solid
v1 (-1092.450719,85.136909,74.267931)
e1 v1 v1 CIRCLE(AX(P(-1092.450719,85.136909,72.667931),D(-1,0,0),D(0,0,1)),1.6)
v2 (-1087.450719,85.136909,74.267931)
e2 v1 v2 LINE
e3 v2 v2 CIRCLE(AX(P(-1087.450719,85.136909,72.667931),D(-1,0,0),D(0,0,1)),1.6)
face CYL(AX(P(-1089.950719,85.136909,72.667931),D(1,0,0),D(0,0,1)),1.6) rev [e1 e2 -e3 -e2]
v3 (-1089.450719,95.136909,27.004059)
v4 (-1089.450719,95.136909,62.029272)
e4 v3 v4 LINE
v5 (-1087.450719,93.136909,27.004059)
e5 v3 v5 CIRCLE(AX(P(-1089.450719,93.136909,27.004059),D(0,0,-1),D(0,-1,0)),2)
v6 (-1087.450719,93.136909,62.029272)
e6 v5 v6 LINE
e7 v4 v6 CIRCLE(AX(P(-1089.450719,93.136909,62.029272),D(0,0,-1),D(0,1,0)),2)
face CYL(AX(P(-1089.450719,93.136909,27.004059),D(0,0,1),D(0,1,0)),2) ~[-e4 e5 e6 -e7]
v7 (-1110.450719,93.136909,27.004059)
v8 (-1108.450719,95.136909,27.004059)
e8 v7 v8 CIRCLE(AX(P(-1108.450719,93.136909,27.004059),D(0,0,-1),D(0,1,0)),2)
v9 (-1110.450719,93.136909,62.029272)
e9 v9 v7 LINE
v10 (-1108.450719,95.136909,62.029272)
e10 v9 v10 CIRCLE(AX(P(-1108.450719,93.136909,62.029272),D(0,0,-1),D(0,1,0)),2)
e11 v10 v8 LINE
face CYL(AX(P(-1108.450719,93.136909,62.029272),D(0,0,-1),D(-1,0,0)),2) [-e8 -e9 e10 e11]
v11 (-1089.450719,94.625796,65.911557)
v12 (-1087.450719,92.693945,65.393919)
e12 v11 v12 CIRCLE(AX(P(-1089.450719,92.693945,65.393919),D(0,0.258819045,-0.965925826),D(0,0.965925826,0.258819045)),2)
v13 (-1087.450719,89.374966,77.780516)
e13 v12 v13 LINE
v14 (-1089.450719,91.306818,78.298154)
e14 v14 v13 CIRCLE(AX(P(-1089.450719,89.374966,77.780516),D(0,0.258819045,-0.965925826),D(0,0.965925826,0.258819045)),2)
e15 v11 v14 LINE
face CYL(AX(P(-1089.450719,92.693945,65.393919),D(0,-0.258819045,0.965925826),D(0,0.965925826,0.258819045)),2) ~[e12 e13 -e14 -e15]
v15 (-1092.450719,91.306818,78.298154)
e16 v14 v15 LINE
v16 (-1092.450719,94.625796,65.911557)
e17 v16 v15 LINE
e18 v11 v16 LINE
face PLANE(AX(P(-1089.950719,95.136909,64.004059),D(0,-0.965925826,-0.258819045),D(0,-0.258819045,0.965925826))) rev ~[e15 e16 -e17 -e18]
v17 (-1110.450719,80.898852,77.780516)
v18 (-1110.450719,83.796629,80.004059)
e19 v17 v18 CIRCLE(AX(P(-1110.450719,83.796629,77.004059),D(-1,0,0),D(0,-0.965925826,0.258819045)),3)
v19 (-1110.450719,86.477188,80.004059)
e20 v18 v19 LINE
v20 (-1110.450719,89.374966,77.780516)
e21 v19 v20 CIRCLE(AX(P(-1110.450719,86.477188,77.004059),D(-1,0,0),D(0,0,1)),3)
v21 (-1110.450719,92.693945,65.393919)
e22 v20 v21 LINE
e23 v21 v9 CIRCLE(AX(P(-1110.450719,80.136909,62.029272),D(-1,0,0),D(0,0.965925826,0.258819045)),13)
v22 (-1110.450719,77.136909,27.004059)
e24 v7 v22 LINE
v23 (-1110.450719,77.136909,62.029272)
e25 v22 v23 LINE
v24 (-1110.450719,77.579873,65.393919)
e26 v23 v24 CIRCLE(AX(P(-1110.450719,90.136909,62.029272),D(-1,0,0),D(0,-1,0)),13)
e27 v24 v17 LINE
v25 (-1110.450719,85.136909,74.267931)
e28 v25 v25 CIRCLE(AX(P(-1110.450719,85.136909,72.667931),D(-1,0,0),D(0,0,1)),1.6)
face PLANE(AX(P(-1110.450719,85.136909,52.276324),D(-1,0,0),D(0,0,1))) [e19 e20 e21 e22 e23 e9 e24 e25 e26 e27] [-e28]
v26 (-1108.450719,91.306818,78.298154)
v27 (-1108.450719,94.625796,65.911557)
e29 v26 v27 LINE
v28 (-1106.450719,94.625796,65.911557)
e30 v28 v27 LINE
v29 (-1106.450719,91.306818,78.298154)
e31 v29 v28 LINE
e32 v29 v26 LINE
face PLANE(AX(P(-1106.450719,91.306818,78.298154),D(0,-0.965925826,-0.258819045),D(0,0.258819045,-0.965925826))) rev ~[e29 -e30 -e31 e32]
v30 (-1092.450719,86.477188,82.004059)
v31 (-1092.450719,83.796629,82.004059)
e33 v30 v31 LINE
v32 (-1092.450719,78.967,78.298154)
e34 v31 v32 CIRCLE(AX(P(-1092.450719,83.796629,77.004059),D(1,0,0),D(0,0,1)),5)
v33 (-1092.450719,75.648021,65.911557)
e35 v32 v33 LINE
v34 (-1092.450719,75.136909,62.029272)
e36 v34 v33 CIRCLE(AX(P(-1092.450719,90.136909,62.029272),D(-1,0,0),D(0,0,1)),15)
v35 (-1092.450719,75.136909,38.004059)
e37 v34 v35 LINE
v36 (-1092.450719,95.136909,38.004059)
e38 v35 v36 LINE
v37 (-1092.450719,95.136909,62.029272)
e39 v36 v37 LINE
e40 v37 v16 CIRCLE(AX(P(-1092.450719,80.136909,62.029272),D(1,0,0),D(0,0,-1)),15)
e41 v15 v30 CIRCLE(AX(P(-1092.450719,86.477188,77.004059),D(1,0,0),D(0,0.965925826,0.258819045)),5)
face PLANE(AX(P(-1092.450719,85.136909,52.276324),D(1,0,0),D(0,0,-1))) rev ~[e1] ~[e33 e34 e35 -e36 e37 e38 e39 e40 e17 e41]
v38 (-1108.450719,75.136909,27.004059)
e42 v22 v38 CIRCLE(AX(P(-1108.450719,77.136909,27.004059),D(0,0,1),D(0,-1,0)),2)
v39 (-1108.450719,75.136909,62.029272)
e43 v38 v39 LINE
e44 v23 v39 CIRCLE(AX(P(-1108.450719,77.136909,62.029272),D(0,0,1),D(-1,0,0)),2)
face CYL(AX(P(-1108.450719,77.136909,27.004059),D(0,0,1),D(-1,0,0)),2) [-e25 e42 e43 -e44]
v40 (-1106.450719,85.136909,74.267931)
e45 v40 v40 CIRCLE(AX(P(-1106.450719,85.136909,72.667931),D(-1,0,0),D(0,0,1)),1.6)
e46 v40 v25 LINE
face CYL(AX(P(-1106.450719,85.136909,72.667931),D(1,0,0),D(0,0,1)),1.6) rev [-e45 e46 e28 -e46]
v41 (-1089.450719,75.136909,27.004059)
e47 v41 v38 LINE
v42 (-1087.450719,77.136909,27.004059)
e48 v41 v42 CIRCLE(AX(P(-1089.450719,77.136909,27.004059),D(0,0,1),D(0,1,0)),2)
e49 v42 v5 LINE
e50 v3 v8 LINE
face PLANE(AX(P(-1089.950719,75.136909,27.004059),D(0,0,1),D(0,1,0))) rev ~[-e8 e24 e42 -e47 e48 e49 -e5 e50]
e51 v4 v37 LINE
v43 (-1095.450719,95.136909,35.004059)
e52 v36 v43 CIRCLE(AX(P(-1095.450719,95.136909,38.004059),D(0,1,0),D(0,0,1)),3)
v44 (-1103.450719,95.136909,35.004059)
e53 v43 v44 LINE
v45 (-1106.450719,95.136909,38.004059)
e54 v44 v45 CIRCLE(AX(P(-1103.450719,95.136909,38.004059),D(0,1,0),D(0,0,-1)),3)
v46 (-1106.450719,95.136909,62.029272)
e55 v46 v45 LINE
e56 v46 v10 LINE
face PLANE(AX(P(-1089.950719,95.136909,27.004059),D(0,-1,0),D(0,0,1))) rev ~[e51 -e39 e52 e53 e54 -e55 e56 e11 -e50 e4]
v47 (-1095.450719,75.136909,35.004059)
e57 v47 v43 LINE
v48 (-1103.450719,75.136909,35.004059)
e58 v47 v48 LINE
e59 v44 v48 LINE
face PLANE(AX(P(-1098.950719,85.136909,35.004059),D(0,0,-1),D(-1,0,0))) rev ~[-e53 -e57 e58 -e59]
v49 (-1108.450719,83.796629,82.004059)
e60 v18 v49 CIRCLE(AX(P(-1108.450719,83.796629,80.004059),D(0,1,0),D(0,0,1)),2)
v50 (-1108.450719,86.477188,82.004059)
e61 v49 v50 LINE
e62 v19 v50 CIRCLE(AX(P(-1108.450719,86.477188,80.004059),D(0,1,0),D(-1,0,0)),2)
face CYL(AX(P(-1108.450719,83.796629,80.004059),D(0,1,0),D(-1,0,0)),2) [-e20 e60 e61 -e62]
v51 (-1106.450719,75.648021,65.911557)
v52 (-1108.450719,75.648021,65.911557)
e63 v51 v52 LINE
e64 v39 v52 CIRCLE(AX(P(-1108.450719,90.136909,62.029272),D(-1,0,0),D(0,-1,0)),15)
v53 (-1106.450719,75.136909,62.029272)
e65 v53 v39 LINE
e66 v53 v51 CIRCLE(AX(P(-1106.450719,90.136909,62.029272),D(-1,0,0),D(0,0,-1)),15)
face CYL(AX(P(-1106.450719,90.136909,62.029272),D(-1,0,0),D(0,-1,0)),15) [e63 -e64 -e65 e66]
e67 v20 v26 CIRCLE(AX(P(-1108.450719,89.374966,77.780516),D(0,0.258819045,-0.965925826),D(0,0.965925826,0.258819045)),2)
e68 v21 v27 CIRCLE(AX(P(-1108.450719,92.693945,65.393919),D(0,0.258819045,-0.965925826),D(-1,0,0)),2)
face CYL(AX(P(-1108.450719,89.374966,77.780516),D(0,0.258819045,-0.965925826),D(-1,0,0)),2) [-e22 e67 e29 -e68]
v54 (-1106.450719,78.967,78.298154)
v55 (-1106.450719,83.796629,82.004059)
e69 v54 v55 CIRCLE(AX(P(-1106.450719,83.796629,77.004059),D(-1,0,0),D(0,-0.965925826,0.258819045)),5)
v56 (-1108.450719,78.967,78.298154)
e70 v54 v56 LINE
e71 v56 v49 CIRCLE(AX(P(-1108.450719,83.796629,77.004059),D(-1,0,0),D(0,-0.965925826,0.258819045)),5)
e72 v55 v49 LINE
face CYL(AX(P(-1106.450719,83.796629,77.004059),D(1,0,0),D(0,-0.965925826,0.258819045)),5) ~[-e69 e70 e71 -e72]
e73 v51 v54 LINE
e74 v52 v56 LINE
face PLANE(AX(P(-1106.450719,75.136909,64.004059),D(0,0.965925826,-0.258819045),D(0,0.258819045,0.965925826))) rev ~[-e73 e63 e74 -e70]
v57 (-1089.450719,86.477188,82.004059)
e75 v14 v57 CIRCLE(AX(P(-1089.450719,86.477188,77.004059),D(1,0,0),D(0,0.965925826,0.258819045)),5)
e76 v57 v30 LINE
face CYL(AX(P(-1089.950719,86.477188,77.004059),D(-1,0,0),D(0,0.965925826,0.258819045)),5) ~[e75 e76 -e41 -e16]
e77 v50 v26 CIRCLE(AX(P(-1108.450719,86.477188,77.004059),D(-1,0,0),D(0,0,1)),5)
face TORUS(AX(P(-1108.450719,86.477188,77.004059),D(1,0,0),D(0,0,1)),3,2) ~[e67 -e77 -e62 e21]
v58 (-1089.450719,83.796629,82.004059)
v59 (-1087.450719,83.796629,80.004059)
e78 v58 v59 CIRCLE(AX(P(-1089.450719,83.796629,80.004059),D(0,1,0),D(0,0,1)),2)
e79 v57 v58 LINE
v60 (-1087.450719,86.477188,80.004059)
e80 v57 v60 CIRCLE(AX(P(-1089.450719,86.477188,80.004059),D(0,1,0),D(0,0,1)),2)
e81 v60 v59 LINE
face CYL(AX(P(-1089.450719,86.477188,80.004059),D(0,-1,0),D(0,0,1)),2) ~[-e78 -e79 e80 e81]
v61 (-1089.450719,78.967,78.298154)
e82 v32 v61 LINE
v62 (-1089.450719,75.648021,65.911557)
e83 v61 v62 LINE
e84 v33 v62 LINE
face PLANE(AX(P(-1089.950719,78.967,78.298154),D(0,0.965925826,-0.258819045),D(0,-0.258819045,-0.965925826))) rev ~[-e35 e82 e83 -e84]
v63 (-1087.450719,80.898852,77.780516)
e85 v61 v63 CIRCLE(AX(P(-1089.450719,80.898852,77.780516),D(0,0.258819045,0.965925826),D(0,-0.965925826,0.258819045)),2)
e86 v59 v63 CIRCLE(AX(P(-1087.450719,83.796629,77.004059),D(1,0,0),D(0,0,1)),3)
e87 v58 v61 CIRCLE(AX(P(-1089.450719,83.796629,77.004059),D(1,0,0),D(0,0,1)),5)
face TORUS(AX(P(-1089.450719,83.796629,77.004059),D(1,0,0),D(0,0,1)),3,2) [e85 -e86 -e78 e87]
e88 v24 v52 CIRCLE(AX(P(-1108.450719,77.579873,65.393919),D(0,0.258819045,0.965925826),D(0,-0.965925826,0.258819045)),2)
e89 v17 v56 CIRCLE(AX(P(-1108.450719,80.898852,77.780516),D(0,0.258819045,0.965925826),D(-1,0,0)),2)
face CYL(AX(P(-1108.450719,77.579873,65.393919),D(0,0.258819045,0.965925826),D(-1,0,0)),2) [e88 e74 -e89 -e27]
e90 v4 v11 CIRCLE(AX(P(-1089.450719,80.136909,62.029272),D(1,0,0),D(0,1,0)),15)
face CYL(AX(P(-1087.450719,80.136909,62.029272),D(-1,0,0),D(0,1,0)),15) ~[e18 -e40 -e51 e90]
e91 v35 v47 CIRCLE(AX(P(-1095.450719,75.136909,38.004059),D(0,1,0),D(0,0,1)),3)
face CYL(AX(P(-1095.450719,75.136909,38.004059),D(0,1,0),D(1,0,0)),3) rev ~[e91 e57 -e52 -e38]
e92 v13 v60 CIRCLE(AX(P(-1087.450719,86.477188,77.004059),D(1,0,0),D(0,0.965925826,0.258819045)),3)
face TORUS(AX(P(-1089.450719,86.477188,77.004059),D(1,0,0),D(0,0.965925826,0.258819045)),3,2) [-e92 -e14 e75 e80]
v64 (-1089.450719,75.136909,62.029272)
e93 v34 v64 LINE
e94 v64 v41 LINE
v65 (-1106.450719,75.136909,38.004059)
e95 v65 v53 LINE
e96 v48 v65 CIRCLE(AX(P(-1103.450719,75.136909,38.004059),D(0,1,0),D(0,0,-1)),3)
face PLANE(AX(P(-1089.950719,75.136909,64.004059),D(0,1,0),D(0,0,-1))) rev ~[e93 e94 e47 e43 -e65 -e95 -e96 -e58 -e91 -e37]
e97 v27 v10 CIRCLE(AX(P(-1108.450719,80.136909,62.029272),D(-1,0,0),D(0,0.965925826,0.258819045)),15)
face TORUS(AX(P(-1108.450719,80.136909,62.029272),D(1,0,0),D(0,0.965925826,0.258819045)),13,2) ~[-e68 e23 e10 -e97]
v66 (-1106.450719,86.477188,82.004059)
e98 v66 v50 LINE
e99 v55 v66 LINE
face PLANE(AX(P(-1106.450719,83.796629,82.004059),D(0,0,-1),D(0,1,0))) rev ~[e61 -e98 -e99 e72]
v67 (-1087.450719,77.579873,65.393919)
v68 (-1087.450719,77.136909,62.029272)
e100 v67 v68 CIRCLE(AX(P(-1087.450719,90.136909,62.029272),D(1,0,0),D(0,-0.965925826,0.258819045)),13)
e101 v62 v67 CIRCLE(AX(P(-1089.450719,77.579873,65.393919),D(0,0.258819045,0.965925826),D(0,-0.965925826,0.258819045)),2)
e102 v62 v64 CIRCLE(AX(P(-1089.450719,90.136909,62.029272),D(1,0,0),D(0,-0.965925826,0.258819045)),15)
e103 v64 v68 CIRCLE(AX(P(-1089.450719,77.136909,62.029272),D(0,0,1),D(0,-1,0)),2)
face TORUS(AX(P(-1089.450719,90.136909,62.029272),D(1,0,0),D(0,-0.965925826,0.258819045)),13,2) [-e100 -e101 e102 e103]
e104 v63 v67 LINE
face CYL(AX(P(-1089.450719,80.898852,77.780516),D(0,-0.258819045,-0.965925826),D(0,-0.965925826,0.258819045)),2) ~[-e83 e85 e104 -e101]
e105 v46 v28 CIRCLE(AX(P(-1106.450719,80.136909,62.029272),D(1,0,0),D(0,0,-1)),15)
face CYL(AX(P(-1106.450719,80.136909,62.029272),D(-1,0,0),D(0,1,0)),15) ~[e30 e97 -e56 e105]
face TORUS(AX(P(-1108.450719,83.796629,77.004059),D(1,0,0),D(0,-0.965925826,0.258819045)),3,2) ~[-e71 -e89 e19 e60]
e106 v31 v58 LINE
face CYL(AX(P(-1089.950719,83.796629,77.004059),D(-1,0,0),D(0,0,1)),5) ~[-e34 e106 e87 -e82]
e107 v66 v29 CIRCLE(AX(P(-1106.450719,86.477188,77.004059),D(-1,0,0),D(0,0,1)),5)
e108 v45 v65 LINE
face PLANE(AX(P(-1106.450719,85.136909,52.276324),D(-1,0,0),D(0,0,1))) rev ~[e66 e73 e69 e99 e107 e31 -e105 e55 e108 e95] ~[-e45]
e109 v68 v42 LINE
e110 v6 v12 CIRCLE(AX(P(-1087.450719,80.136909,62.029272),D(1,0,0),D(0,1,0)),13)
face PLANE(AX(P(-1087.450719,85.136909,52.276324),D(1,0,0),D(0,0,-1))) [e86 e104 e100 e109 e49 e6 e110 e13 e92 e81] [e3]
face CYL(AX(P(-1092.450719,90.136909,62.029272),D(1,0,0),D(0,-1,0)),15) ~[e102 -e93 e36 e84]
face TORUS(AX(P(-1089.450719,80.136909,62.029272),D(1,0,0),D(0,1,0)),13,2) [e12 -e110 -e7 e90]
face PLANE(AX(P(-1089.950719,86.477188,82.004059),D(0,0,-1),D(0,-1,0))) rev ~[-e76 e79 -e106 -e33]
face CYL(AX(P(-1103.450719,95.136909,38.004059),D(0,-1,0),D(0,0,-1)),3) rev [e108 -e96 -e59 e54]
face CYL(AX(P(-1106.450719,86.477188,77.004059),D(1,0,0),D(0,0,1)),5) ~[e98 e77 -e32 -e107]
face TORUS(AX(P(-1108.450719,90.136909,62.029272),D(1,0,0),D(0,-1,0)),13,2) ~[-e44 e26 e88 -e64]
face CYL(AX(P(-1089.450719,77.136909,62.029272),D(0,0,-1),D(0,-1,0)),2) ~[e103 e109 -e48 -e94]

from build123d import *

# Parameters (mm, degrees)
SKETCH1_R           = 1.6
BOSS_EXTRUDE1_DEPTH = 2.5
SKETCH2_R           = 1.6
BOSS_EXTRUDE2_DEPTH = 4
SKETCH3_W           = 23
SKETCH3_H           = 20
BOSS_EXTRUDE3_DEPTH = 8
FILLET1_R           = 3
FILLET2_R           = 15
FILLET3_R           = 2


with BuildPart() as part:
    # Sketch1 → Boss-Extrude1 (new, symmetric)
    with BuildSketch(Plane.ZY.offset(1089.950719415)):
        with BuildLine():
            Line((82.004058992, 86.47718844), (82.004058992, 83.796629248))
            ThreePointArc((82.004058992, 83.796629248), (80.970825694, 80.752822103), (78.298154218, 78.967000116))
            Line((78.298154218, 78.967000116), (64.004058992, 75.136908844))
            Line((64.004058992, 75.136908844), (27.004058992, 75.136908844))
            Line((27.004058992, 75.136908844), (27.004058992, 95.136908844))
            Line((27.004058992, 95.136908844), (64.004058992, 95.136908844))
            Line((64.004058992, 95.136908844), (78.298154218, 91.306817572))
            ThreePointArc((78.298154218, 91.306817572), (80.970825694, 89.520995585), (82.004058992, 86.47718844))
        make_face()
        with Locations((72.667931354, 85.136908844)):
            Circle(SKETCH1_R, mode=Mode.SUBTRACT)
    extrude(amount=BOSS_EXTRUDE1_DEPTH, both=True)



with BuildPart() as body_2:
    # Sketch2 → Boss-Extrude2 (new body)
    with BuildSketch(Plane.ZY.offset(1106.450719415)):
        with BuildLine():
            Line((27.004058992, 95.136908844), (27.004058992, 75.136908844))
            Line((27.004058992, 75.136908844), (64.004058992, 75.136908844))
            Line((64.004058992, 75.136908844), (78.298154218, 78.967000116))
            ThreePointArc((78.298154218, 78.967000116), (80.970825694, 80.752822103), (82.004058992, 83.796629248))
            Line((82.004058992, 83.796629248), (82.004058992, 86.47718844))
            ThreePointArc((82.004058992, 86.47718844), (80.970825694, 89.520995585), (78.298154218, 91.306817572))
            Line((78.298154218, 91.306817572), (64.004058992, 95.136908844))
            Line((64.004058992, 95.136908844), (27.004058992, 95.136908844))
        make_face()
        with Locations((72.667931354, 85.136908844)):
            Circle(SKETCH2_R, mode=Mode.SUBTRACT)
    extrude(amount=BOSS_EXTRUDE2_DEPTH)


with BuildPart() as part_1:
    add(part.part)

    add(body_2.part)  # Boss-Extrude3 merges body 2
    # Sketch3 → Boss-Extrude3 (add)
    with BuildSketch(Plane(origin=(0, 0, 27.004058992), x_dir=(-1, 0, 0), z_dir=(0, 0, -1))):
        with Locations((1098.950719415, 85.136908844)):
            Rectangle(SKETCH3_W, SKETCH3_H)
    extrude(amount=-BOSS_EXTRUDE3_DEPTH)

    # Fillet1
    fillet1_edges = [part_1.edges().sort_by_distance(p)[0] for p in [
        (-1092.450719415, 85.136908844, 35.004058992),
        (-1106.450719415, 85.136908844, 35.004058992),
    ]]
    fillet(fillet1_edges, radius=FILLET1_R)

    # Fillet2
    fillet2_edges = [part_1.edges().sort_by_distance(p)[0] for p in [
        (-1089.950719415, 95.136908844, 64.004058992),
        (-1089.950719415, 75.136908844, 64.004058992),
        (-1108.450719415, 95.136908844, 64.004058992),
        (-1108.450719415, 75.136908844, 64.004058992),
    ]]
    fillet(fillet2_edges, radius=FILLET2_R)

    # Fillet3
    fillet3_edges = [part_1.edges().sort_by_distance(p)[0] for p in [
        (-1087.450719415, 80.752822103, 80.970825694),
        (-1087.450719415, 75.136908844, 44.51666526),
        (-1110.450719415, 80.752822103, 80.970825694),
        (-1110.450719415, 85.136908844, 82.004058992),
        (-1110.450719415, 89.520995585, 80.970825694),
        (-1110.450719415, 92.966306905, 72.104855711),
        (-1110.450719415, 95.136908844, 44.51666526),
        (-1087.450719415, 95.136908844, 44.51666526),
        (-1087.450719415, 92.966306905, 72.104855711),
        (-1110.450719415, 75.136908844, 44.51666526),
        (-1087.450719415, 89.520995585, 80.970825694),
        (-1110.450719415, 77.307510783, 72.104855711),
        (-1110.450719415, 75.265235923, 63.987164412),
        (-1110.450719415, 95.008581765, 63.987164412),
        (-1087.450719415, 77.307510783, 72.104855711),
        (-1087.450719415, 75.265235923, 63.987164412),
        (-1087.450719415, 95.008581765, 63.987164412),
        (-1087.450719415, 85.136908844, 82.004058992),
    ]]
    fillet(fillet3_edges, radius=FILLET3_R)


solid = part_1.part
